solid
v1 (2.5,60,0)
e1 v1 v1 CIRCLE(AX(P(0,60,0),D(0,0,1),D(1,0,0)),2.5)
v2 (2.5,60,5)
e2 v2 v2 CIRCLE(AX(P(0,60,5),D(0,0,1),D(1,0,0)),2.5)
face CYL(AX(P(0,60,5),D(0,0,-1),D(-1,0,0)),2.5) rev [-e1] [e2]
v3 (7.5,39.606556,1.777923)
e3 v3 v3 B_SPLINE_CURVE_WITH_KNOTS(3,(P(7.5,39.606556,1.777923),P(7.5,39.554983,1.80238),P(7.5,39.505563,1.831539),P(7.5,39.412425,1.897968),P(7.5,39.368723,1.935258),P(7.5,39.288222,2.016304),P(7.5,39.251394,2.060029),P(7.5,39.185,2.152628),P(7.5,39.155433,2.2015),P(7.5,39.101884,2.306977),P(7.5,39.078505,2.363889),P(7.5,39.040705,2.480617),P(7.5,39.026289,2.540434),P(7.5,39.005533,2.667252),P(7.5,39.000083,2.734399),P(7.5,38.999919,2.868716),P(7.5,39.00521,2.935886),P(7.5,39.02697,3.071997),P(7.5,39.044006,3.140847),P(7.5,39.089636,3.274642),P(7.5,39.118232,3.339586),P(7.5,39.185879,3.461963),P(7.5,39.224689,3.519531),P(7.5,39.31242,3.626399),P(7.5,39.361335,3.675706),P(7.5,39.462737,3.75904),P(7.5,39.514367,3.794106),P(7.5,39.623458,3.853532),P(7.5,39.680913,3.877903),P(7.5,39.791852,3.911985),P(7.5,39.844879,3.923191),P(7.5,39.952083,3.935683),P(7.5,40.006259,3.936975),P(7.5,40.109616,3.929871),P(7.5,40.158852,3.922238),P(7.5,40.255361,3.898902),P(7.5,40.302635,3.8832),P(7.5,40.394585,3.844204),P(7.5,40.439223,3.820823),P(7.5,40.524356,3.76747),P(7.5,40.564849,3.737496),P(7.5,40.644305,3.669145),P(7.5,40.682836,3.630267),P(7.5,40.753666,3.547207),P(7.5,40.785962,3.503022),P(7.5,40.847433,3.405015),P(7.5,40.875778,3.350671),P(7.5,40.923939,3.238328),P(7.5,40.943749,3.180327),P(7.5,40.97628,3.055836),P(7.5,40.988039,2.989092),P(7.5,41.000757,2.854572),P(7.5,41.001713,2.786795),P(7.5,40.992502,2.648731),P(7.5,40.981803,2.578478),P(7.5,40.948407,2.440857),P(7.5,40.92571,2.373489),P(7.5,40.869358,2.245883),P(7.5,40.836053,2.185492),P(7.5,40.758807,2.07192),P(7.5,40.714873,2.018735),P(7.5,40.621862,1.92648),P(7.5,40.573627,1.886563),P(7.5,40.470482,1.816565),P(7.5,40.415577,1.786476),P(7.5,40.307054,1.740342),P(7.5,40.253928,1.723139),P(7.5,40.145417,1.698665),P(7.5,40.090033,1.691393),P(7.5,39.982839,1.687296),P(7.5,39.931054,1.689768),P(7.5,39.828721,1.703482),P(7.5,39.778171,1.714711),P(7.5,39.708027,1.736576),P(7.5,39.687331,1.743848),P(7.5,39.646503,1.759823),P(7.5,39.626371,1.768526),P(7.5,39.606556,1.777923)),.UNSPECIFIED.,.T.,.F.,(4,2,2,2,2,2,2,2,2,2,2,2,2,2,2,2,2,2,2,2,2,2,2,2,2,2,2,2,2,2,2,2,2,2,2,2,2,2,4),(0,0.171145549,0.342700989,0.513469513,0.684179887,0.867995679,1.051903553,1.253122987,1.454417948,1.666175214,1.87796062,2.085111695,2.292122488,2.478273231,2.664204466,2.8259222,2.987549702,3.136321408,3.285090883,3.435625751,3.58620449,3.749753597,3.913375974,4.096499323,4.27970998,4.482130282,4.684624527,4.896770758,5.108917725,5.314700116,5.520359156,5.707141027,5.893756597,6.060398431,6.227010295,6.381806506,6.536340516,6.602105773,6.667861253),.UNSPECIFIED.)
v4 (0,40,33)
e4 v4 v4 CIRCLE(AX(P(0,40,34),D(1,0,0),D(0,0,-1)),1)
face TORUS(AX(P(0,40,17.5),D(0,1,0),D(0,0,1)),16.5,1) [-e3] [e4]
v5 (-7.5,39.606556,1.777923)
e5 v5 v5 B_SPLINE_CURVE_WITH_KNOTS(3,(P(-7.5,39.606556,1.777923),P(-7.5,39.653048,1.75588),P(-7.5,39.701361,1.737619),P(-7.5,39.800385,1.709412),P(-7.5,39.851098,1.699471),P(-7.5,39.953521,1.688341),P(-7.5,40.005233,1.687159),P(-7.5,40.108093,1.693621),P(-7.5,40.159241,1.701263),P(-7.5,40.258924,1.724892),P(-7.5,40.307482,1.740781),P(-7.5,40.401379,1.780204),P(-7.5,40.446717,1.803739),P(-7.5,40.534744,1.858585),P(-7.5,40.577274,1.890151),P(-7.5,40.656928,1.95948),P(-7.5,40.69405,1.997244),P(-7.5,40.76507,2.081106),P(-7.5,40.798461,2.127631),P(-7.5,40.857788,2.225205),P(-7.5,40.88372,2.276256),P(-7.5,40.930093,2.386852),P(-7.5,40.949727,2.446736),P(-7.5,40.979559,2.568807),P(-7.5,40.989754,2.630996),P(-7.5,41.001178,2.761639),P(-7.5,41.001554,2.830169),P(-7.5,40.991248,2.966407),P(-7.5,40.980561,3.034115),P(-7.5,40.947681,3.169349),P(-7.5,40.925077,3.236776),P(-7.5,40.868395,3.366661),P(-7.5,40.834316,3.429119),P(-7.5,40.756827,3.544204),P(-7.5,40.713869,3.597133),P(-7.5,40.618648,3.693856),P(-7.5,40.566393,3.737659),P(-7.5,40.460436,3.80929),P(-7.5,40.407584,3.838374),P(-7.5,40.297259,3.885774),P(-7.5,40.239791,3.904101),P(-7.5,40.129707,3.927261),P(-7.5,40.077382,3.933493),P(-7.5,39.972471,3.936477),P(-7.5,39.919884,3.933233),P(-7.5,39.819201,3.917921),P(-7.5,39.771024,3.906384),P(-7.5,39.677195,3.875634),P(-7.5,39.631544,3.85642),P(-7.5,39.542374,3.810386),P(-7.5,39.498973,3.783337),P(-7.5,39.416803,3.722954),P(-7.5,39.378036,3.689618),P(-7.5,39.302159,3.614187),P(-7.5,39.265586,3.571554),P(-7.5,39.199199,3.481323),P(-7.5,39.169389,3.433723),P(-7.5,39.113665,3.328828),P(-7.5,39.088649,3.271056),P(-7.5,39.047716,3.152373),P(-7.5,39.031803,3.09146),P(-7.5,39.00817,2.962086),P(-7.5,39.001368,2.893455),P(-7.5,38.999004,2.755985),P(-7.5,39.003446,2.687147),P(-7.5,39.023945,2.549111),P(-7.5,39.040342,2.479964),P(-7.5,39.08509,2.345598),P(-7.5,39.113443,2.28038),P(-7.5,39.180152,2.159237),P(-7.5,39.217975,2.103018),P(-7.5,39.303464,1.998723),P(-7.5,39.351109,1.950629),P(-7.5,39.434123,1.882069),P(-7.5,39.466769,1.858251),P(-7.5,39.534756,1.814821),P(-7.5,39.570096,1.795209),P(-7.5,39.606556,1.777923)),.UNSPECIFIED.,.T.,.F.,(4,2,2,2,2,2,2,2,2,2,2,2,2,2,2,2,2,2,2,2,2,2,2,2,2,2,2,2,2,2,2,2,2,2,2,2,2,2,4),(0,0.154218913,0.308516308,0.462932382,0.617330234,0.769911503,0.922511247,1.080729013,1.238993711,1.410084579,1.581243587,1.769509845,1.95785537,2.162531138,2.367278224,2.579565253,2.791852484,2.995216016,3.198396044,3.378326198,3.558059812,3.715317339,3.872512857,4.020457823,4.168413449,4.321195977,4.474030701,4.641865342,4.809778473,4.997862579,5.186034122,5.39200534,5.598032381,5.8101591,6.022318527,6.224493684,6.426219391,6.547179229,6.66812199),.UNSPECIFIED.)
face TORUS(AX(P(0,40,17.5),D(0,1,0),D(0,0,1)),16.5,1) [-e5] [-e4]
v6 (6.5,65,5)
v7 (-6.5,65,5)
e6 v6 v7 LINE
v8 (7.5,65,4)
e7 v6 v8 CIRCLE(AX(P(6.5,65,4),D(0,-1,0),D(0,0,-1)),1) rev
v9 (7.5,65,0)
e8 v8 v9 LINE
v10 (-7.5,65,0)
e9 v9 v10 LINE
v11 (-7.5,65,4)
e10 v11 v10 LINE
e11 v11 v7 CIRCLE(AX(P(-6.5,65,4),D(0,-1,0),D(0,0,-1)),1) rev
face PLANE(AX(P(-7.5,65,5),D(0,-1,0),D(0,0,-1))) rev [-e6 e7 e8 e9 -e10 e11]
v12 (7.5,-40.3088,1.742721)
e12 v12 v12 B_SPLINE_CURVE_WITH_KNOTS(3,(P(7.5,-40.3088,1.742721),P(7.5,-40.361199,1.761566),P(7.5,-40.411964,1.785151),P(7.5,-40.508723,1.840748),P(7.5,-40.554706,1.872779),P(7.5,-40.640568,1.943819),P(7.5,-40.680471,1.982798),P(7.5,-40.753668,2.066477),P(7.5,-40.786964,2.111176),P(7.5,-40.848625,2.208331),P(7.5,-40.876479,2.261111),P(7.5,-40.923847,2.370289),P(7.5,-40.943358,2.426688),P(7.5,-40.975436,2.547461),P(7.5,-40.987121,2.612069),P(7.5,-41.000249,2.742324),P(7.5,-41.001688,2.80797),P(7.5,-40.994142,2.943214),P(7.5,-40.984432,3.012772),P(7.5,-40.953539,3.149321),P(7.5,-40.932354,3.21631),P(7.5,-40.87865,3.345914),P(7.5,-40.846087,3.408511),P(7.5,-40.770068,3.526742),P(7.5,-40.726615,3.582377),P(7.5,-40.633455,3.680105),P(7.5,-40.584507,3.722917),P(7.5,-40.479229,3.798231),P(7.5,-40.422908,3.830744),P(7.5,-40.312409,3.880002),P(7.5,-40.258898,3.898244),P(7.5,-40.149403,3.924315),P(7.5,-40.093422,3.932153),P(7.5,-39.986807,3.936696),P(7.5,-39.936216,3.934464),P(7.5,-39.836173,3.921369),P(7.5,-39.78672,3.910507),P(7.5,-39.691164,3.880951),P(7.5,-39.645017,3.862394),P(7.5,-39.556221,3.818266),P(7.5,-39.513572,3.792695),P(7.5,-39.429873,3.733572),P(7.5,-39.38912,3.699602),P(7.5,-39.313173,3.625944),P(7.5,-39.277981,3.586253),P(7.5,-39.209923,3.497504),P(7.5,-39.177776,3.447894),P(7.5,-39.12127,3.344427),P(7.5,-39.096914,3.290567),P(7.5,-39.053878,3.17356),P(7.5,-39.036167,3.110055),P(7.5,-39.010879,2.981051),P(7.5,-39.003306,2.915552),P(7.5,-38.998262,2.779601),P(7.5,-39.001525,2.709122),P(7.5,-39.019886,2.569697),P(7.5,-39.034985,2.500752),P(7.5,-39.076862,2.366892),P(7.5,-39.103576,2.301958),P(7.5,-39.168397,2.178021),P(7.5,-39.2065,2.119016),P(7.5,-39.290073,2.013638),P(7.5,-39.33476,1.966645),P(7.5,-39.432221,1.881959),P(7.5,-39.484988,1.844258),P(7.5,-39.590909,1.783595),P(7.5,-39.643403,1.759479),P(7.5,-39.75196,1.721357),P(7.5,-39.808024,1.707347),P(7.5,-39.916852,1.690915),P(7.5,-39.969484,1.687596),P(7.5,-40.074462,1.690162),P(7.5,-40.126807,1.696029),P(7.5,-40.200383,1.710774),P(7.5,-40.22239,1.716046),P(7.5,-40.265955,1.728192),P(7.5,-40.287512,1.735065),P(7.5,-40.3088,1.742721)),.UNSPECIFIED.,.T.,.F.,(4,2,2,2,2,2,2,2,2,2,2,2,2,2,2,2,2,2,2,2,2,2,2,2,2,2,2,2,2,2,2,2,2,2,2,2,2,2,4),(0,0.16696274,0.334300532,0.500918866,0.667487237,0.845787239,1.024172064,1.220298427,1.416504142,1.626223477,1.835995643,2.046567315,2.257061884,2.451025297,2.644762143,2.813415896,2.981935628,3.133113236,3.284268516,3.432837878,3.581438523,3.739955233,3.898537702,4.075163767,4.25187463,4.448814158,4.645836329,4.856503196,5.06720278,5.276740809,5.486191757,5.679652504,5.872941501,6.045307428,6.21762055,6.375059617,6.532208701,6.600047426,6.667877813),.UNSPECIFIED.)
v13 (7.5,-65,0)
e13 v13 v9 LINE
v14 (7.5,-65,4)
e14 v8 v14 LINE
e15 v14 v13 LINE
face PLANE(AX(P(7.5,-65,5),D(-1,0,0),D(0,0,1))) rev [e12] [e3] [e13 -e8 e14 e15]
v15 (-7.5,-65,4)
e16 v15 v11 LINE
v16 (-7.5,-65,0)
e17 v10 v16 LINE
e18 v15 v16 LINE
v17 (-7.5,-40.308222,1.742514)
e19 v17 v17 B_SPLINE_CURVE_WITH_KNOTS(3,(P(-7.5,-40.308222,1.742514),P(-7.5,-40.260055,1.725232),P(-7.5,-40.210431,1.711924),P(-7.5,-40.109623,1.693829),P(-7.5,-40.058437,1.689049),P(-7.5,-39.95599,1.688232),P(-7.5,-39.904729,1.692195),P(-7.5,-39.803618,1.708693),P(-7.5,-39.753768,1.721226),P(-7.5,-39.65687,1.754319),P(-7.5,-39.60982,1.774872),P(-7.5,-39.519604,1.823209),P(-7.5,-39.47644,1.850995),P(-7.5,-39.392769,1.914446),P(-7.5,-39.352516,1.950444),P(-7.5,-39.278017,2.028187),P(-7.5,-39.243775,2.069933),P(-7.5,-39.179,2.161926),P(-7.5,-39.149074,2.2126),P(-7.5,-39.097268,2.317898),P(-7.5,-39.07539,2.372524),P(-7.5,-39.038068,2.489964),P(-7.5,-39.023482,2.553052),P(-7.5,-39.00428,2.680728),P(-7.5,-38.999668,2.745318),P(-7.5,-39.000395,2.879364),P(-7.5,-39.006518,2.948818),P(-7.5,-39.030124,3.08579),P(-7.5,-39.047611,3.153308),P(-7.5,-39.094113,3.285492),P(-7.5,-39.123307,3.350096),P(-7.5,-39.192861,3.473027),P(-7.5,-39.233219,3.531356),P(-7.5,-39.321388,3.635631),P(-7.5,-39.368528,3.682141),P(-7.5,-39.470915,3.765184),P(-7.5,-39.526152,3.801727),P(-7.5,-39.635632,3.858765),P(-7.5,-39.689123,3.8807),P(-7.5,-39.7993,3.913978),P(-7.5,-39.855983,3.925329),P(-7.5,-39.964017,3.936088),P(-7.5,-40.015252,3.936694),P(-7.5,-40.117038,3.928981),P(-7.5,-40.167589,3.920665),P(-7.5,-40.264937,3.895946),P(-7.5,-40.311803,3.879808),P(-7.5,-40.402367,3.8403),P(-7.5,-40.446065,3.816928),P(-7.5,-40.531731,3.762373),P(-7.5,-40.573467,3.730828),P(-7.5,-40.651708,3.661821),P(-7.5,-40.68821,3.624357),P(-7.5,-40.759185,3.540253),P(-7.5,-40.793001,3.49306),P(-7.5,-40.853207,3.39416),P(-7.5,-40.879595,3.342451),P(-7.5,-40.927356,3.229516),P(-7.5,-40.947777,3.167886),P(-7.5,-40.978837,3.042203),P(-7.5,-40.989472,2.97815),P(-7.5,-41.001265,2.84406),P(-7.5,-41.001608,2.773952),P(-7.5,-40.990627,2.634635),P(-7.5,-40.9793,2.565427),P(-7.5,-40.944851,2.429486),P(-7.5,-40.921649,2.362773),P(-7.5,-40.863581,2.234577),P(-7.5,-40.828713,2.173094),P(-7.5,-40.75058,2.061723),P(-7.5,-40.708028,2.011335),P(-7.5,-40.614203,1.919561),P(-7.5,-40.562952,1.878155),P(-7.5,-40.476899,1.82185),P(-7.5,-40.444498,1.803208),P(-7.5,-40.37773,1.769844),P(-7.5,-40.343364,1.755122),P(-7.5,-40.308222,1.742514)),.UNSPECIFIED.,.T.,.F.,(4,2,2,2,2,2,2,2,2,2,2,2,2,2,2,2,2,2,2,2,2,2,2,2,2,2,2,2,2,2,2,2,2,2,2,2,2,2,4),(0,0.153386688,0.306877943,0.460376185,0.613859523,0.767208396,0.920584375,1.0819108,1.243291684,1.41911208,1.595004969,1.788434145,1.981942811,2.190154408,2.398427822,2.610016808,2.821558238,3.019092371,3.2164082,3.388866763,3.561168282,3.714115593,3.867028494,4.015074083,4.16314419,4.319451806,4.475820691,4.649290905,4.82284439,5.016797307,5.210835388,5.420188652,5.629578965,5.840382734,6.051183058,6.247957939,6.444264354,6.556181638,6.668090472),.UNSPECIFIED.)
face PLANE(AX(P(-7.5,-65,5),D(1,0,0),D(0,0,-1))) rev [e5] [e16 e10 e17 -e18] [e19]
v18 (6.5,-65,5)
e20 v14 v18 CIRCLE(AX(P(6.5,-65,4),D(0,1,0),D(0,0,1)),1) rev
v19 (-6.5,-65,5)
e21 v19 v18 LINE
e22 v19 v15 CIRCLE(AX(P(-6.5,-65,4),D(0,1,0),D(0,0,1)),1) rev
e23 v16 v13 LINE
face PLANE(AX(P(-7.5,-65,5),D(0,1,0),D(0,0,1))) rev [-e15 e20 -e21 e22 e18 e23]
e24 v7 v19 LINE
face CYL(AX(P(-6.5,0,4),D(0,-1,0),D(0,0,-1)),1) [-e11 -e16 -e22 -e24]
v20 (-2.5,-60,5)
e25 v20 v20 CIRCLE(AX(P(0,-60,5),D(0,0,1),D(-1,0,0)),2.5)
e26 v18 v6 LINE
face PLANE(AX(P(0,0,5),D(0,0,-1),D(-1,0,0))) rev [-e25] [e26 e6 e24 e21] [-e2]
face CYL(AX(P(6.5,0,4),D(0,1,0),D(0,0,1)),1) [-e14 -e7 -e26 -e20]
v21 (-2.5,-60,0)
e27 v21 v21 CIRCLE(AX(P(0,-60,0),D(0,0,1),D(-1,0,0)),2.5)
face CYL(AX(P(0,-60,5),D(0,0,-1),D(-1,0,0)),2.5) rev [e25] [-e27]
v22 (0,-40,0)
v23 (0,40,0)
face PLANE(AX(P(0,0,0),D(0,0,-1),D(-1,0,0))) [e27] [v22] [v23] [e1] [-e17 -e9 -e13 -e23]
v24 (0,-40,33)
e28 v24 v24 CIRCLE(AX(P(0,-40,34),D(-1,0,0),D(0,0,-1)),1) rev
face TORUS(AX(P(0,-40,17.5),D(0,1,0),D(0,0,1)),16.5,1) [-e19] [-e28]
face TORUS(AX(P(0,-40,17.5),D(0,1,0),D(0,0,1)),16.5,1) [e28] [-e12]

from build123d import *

# Parameters (mm, degrees)
SKETCH_1_W        = 15
SKETCH_1_H        = 130
SKETCH_1_R        = 2.5
EXTRUDE_1_DEPTH   = 5
SWEEP_2_PROFILE_R = 1
FILLET_1_R        = 1


with BuildPart() as part:
    # Эскиз1 → Бобышка-Вытянуть1 (new body)
    with BuildSketch(Plane.XY):
        Rectangle(SKETCH_1_W, SKETCH_1_H)
        with Locations((0, 60)):
            Circle(SKETCH_1_R, mode=Mode.SUBTRACT)
        with Locations(Location((0, -60, 0), (0, 0, 180))):
            Circle(SKETCH_1_R, mode=Mode.SUBTRACT)
    extrude(amount=EXTRUDE_1_DEPTH)

    # По траектории2: sweep along a path in Эскиз28
    with BuildLine(Plane(origin=(0, 40, 0), x_dir=(1, 0, 0), z_dir=(0, 1, 0))) as sweep_2_path:
        CenterArc((0, -17.5), 16.5, 0, 360)
    # По траектории2 profile (on start of the path) → По траектории2 (sweep)
    with BuildSketch(Plane(origin=(16.5, 40, 17.5), x_dir=(-1, 0, 0), z_dir=(0, 0, -1))):
        Circle(SWEEP_2_PROFILE_R)
    sweep_2 = sweep(path=sweep_2_path.line)

    # Скругление1
    fillet_1_edges = [part.edges().sort_by_distance(p)[0] for p in [
        (-7.5, 0, 5),
        (7.5, 0, 5),
    ]]
    fillet(fillet_1_edges, radius=FILLET_1_R)

    # Зеркальное отражение1: По траектории2 across plane
    add(sweep_2.mirror(Plane.ZX))


solid = part.part
